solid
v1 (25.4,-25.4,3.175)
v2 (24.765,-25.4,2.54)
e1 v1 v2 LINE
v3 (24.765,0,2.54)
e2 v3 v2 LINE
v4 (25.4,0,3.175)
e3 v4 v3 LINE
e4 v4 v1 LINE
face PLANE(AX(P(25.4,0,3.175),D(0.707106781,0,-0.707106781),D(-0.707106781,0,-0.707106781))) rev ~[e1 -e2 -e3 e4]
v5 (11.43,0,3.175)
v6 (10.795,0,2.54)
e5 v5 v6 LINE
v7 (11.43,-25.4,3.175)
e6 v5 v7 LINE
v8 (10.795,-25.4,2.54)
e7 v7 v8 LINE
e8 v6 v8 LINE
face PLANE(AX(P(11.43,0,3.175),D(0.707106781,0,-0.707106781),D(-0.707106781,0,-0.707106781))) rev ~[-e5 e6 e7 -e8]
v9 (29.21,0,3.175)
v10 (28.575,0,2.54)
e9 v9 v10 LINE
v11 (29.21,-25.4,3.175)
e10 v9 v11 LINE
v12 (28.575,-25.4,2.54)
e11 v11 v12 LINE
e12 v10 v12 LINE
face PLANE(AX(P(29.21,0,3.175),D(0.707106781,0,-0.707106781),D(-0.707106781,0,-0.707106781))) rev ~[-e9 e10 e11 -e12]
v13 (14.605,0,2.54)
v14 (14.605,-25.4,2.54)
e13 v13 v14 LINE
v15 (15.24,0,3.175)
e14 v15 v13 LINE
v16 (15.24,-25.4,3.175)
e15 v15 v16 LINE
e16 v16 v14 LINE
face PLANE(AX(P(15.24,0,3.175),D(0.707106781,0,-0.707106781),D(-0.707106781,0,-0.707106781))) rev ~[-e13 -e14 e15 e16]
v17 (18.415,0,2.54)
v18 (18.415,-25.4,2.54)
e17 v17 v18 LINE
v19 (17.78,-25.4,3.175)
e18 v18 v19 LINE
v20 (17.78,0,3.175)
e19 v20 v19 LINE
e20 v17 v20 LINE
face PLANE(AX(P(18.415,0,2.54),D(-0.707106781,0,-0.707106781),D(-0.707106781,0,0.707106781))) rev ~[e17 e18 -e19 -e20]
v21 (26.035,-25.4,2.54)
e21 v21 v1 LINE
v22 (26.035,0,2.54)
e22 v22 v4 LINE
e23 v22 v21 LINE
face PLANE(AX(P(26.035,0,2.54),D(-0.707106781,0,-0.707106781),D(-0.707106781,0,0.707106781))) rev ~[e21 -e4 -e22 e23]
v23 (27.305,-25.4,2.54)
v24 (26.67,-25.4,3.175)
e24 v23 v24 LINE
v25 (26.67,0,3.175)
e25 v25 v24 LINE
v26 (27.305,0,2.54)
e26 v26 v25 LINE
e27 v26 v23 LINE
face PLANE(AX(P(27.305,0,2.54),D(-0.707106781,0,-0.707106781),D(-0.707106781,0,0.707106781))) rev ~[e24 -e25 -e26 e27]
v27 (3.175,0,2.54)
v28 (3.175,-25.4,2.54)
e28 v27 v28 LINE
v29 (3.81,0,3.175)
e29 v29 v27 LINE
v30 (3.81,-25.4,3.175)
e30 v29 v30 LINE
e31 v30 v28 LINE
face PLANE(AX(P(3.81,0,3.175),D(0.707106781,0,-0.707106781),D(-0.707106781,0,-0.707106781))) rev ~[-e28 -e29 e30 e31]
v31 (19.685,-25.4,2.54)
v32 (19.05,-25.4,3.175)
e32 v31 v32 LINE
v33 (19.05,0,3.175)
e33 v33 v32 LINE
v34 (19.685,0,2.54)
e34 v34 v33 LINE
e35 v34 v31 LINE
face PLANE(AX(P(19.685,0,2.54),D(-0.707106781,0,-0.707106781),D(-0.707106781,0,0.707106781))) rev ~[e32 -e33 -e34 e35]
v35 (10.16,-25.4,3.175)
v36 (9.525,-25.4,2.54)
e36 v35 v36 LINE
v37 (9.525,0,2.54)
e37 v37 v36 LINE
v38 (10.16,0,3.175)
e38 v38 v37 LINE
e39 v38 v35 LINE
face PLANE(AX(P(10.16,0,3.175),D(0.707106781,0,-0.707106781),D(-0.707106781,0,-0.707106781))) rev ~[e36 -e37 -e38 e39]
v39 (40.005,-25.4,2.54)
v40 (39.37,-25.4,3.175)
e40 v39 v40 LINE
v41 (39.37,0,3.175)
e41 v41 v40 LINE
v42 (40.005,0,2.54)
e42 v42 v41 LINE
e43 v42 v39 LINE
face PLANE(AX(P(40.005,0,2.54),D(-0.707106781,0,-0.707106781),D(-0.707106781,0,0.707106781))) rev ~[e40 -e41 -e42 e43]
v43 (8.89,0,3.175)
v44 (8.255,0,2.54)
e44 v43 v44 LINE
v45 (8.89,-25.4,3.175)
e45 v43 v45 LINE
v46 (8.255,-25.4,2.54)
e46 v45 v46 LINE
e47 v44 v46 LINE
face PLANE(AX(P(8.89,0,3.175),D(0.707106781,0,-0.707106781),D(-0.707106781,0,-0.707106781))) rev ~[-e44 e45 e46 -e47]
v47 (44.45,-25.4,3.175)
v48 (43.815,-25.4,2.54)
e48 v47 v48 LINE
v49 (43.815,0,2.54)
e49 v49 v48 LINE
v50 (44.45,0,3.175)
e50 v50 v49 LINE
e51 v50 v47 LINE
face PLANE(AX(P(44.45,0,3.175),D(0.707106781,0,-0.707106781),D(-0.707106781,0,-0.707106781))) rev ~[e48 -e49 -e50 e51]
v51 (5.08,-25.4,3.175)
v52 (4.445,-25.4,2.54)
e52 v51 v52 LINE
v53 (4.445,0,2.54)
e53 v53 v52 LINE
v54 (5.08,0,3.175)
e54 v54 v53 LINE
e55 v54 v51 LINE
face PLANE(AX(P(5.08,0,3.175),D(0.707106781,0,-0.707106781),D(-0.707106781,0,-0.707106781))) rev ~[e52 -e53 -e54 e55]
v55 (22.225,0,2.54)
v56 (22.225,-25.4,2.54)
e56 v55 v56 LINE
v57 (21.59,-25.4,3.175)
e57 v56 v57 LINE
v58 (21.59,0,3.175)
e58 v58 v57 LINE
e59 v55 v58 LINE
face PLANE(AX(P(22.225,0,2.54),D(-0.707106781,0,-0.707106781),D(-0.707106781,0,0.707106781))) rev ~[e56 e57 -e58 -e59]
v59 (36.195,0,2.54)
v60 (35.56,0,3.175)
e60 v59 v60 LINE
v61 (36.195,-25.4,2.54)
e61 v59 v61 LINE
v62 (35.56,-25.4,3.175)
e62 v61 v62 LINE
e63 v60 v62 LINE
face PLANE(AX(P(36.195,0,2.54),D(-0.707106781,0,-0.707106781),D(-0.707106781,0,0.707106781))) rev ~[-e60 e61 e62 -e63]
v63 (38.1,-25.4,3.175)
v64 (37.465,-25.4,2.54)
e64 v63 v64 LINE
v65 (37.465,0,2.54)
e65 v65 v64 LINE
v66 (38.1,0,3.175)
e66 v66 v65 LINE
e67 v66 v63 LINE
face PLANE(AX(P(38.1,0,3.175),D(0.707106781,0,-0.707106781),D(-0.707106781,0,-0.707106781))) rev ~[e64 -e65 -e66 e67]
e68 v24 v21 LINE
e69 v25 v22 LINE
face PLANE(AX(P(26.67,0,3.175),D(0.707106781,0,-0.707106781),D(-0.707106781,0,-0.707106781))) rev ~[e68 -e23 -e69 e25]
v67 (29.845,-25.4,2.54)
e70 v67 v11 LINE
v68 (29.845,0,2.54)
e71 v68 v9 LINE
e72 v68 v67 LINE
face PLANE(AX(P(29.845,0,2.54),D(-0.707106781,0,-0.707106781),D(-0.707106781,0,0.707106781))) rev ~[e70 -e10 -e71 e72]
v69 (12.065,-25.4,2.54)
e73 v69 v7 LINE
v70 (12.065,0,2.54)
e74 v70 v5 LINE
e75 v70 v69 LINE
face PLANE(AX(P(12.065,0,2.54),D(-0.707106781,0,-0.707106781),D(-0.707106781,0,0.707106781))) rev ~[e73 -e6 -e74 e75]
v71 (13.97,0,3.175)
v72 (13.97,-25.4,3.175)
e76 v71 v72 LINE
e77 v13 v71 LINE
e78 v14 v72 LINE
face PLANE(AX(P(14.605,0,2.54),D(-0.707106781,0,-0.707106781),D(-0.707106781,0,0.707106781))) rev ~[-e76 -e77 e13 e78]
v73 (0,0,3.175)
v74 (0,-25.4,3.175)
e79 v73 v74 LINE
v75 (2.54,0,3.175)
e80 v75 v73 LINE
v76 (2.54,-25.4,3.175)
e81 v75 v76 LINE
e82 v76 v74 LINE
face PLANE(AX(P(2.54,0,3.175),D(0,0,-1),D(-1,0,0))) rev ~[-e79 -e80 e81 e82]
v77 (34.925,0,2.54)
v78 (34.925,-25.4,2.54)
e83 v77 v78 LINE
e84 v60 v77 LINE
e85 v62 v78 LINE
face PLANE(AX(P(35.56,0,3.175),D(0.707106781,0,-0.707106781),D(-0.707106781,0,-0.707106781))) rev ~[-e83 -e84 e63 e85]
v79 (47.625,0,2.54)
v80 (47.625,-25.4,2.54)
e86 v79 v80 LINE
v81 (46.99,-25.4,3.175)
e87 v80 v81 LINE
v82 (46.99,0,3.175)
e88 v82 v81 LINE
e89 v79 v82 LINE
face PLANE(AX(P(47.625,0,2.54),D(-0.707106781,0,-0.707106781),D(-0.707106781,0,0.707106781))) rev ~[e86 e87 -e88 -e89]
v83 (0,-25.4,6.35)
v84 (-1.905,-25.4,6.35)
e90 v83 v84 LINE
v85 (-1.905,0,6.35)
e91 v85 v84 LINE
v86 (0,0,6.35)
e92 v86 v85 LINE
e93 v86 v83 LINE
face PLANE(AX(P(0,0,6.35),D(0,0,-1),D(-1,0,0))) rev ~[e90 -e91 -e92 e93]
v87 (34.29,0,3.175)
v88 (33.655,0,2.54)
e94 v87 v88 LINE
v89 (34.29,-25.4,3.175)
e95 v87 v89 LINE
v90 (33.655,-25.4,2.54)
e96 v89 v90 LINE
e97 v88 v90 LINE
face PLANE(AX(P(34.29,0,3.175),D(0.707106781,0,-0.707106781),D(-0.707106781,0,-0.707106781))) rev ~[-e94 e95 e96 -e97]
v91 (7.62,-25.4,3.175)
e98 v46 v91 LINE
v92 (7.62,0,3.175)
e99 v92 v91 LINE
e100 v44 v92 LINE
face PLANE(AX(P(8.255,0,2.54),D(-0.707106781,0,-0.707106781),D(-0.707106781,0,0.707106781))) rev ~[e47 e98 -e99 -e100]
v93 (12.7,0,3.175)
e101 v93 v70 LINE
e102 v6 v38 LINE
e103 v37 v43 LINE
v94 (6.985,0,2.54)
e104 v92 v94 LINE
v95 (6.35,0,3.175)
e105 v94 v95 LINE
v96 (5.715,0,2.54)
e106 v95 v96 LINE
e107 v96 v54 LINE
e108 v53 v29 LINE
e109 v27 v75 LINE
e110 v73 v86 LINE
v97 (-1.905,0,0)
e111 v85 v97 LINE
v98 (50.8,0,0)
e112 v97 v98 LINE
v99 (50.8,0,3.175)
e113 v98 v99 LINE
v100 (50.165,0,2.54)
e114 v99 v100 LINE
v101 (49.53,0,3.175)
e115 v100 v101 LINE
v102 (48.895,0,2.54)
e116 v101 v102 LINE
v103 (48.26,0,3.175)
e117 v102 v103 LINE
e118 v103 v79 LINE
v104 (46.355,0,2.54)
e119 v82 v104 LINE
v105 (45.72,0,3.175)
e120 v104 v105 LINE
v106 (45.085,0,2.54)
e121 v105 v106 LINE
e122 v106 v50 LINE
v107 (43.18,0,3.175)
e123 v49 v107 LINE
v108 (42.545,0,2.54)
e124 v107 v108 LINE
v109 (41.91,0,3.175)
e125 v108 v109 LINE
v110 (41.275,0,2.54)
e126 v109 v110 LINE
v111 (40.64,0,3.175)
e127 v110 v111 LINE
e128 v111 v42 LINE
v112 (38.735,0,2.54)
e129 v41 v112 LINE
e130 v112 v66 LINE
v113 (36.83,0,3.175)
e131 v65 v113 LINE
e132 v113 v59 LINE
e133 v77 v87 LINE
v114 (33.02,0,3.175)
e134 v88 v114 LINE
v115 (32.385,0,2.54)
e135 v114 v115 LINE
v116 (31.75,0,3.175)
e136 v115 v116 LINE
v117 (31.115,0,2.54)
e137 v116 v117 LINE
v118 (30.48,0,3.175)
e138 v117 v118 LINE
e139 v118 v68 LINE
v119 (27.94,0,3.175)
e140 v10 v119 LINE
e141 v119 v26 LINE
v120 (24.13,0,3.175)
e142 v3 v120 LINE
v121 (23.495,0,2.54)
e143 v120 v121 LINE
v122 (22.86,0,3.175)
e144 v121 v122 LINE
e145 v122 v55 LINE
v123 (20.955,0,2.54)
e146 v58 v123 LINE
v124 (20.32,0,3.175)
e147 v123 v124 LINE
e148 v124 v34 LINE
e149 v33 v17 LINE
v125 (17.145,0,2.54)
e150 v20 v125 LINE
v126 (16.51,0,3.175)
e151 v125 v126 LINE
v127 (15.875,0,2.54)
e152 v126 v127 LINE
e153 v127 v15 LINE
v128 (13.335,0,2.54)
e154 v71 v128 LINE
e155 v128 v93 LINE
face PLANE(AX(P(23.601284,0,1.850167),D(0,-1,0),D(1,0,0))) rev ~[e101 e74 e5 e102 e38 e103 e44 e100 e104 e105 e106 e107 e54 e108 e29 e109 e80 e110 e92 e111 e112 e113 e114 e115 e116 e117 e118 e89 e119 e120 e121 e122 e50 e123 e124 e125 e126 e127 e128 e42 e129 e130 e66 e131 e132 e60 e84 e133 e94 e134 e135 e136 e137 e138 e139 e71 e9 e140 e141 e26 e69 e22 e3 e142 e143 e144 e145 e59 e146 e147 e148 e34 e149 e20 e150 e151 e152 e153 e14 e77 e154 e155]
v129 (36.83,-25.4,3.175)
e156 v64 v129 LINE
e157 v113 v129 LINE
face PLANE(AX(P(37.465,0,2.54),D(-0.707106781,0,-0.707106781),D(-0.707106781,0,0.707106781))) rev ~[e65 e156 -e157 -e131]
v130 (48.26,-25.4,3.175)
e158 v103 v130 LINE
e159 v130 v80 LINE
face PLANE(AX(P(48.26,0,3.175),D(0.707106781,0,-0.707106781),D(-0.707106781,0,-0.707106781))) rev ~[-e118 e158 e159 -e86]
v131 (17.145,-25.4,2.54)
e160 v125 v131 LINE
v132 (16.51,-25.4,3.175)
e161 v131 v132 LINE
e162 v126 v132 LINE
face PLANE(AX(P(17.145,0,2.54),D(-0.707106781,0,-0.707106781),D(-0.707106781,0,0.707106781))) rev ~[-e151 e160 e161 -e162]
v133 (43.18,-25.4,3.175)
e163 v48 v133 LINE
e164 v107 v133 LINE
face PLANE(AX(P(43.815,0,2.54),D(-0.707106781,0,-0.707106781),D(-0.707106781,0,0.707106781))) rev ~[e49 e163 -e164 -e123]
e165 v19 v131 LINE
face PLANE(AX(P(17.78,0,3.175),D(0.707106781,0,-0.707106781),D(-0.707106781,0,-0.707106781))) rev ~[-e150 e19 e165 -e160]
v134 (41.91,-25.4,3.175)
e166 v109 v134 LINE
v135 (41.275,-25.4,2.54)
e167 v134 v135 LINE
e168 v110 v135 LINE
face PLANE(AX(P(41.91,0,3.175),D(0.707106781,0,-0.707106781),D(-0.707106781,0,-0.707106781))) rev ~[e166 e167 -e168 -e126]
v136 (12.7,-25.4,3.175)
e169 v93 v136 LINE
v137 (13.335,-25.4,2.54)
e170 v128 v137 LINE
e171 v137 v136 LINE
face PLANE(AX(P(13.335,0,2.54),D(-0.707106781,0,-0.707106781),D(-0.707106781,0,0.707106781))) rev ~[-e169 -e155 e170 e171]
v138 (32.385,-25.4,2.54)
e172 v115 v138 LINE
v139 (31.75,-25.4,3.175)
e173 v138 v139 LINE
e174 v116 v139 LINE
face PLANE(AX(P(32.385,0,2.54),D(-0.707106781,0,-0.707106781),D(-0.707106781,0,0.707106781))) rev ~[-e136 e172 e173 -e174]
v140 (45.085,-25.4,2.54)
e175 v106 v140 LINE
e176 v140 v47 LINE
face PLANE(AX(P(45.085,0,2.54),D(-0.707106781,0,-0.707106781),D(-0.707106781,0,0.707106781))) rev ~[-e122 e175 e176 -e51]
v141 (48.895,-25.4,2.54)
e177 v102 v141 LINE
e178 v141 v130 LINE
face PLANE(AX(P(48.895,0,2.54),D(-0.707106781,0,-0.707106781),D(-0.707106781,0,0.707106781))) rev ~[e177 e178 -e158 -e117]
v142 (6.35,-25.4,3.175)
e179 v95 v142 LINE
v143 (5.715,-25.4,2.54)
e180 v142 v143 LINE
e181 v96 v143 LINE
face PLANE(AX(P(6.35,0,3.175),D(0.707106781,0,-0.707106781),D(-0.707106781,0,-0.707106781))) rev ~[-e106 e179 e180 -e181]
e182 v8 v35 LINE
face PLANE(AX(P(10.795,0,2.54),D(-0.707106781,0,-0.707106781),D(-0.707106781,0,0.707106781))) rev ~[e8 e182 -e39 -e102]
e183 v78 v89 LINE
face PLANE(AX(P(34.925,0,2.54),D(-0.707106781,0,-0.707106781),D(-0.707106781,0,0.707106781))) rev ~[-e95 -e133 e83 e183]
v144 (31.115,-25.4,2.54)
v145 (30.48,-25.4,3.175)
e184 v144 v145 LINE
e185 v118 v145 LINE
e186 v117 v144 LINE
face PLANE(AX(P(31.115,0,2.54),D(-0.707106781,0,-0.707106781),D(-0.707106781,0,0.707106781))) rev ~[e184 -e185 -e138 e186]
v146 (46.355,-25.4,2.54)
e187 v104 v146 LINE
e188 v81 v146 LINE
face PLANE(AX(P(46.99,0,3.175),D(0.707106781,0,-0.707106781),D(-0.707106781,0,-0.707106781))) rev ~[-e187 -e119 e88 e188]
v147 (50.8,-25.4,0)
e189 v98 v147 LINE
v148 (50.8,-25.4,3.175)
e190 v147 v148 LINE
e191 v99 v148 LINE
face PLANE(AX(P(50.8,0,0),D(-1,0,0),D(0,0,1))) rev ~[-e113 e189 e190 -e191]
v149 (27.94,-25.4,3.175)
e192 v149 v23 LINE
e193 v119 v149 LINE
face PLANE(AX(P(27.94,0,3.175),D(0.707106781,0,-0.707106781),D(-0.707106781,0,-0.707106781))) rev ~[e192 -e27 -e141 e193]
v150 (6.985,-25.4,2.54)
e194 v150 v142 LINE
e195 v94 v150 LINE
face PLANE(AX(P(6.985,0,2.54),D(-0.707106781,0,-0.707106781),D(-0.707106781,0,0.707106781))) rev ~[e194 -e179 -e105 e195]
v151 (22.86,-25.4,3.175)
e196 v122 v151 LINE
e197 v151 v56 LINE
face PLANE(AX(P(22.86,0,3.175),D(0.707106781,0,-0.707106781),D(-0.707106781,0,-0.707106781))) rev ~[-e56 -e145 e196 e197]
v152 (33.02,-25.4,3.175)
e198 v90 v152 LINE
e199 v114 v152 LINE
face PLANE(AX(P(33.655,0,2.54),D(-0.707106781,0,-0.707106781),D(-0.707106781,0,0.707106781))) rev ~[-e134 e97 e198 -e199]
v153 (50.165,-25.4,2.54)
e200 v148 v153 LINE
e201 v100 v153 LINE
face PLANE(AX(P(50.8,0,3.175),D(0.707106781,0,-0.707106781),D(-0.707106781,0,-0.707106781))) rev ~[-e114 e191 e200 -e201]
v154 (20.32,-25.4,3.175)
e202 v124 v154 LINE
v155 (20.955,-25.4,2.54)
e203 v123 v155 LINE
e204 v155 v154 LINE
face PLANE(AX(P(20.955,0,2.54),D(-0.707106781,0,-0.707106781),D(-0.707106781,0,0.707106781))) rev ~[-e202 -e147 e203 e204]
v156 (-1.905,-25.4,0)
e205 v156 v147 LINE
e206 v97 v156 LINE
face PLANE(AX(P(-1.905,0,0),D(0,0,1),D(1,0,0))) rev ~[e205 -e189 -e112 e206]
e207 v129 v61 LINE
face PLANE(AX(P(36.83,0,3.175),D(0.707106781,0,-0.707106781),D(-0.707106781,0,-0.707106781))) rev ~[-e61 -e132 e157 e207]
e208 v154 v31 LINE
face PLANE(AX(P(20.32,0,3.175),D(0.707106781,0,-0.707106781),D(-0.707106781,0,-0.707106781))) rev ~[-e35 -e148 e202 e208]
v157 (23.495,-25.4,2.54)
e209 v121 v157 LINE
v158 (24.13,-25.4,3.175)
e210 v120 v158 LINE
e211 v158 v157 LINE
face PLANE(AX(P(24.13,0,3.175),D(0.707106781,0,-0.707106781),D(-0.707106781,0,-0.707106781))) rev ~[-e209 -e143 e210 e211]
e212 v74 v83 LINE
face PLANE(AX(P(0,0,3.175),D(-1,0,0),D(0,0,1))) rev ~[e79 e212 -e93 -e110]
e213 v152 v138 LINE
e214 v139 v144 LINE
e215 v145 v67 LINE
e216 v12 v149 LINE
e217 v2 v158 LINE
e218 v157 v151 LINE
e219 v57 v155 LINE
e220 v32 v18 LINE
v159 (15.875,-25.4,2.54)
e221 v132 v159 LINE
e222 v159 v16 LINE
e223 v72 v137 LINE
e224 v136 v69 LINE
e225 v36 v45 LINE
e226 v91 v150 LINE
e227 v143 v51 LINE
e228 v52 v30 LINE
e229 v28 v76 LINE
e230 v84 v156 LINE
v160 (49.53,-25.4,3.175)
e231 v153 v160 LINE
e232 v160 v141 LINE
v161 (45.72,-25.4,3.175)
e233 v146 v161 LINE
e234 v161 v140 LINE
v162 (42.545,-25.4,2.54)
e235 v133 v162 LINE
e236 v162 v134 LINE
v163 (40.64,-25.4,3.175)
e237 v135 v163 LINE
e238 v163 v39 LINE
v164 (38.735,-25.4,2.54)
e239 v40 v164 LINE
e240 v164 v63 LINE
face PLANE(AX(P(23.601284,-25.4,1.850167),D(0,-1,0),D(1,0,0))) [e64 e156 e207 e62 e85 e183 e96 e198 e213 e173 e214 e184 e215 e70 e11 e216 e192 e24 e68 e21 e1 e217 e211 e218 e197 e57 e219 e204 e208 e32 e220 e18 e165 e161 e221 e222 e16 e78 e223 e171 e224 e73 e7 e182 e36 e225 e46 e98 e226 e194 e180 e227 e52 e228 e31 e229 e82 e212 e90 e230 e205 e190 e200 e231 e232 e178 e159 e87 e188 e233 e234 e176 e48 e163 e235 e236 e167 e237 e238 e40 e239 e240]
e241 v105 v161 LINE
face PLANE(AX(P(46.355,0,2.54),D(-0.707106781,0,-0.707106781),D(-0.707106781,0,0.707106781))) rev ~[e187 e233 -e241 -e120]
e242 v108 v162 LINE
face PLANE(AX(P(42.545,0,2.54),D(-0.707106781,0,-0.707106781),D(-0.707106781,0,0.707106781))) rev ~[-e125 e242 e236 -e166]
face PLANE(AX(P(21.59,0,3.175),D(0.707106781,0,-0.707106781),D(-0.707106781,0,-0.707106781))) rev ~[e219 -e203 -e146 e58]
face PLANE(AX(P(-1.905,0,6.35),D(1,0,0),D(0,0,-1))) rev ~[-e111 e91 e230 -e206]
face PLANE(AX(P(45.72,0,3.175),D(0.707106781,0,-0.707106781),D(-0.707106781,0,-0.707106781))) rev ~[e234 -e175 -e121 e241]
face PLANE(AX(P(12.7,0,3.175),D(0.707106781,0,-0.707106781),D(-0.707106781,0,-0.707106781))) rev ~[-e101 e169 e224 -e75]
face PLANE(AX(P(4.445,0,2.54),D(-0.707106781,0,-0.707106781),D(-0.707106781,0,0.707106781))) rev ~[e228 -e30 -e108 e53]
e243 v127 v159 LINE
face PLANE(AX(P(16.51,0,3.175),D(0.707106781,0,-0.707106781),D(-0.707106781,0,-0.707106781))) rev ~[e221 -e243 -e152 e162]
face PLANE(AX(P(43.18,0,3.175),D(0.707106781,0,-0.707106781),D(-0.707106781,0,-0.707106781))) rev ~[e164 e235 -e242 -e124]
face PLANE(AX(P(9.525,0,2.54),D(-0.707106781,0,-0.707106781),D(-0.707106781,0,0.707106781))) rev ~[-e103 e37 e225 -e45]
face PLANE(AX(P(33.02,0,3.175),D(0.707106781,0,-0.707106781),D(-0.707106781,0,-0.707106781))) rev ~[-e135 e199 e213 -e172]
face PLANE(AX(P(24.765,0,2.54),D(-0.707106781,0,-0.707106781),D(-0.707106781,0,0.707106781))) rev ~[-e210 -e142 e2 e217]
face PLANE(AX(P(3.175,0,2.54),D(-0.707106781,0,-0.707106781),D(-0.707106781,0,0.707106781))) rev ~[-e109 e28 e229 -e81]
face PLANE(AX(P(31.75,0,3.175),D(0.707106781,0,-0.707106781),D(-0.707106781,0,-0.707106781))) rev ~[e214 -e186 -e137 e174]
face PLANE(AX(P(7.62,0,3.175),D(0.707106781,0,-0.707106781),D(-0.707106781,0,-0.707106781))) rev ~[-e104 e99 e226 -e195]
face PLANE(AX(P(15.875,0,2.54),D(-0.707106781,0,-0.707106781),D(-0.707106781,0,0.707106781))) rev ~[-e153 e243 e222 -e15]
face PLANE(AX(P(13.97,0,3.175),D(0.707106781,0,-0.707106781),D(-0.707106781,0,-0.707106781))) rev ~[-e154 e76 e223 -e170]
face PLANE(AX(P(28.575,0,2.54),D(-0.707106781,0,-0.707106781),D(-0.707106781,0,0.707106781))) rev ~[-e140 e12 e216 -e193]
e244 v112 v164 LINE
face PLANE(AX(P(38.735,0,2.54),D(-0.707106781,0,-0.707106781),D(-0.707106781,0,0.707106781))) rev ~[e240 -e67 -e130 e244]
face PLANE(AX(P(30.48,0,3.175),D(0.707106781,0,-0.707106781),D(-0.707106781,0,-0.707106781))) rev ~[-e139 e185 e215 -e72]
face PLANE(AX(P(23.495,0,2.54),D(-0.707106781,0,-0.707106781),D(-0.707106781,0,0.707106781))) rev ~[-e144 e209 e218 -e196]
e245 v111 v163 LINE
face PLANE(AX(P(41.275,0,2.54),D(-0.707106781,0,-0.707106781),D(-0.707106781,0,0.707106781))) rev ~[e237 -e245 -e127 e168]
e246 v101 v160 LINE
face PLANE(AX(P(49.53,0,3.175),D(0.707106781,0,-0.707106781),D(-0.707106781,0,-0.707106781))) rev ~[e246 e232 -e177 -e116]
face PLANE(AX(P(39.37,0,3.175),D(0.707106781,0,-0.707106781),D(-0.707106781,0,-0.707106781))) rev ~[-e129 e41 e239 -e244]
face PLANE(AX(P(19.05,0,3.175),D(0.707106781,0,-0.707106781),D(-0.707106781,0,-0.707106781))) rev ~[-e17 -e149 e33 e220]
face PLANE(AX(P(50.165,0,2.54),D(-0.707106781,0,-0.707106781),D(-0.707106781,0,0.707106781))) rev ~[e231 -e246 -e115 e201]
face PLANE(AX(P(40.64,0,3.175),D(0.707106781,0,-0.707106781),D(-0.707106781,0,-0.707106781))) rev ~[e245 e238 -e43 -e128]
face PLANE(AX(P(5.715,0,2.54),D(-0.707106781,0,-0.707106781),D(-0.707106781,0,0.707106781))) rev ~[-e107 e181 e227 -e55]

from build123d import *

# Parameters (mm, degrees)
F1_DEPTH = 25.4


with BuildPart() as f1:
    # F0 (on Front) → F1 (new body)
    with BuildSketch(Plane.XZ):
        Polygon((-1.905, 0), (0, 0), (50.8, 0), (50.8, 3.175), (50.165, 2.54), (49.53, 3.175), (48.895, 2.54), (48.26, 3.175), (47.625, 2.54), (46.99, 3.175), (46.355, 2.54), (45.72, 3.175), (45.085, 2.54), (44.45, 3.175), (43.815, 2.54), (43.18, 3.175), (42.545, 2.54), (41.91, 3.175), (41.275, 2.54), (40.64, 3.175), (40.005, 2.54), (39.37, 3.175), (38.735, 2.54), (38.1, 3.175), (37.465, 2.54), (36.83, 3.175), (36.195, 2.54), (35.56, 3.175), (34.925, 2.54), (34.29, 3.175), (33.655, 2.54), (33.02, 3.175), (32.385, 2.54), (31.75, 3.175), (31.115, 2.54), (30.48, 3.175), (29.845, 2.54), (29.21, 3.175), (28.575, 2.54), (27.94, 3.175), (27.305, 2.54), (26.67, 3.175), (26.035, 2.54), (25.4, 3.175), (24.765, 2.54), (24.13, 3.175), (23.495, 2.54), (22.86, 3.175), (22.225, 2.54), (21.59, 3.175), (20.955, 2.54), (20.32, 3.175), (19.685, 2.54), (19.05, 3.175), (18.415, 2.54), (17.78, 3.175), (17.145, 2.54), (16.51, 3.175), (15.875, 2.54), (15.24, 3.175), (14.605, 2.54), (13.97, 3.175), (13.335, 2.54), (12.7, 3.175), (12.065, 2.54), (11.43, 3.175), (10.795, 2.54), (10.16, 3.175), (9.525, 2.54), (8.89, 3.175), (8.255, 2.54), (7.62, 3.175), (6.985, 2.54), (6.35, 3.175), (5.715, 2.54), (5.08, 3.175), (4.445, 2.54), (3.81, 3.175), (3.175, 2.54), (2.54, 3.175), (0, 3.175), (0, 6.35), (-1.905, 6.35), align=None)
    extrude(amount=F1_DEPTH)


solid = f1.part
